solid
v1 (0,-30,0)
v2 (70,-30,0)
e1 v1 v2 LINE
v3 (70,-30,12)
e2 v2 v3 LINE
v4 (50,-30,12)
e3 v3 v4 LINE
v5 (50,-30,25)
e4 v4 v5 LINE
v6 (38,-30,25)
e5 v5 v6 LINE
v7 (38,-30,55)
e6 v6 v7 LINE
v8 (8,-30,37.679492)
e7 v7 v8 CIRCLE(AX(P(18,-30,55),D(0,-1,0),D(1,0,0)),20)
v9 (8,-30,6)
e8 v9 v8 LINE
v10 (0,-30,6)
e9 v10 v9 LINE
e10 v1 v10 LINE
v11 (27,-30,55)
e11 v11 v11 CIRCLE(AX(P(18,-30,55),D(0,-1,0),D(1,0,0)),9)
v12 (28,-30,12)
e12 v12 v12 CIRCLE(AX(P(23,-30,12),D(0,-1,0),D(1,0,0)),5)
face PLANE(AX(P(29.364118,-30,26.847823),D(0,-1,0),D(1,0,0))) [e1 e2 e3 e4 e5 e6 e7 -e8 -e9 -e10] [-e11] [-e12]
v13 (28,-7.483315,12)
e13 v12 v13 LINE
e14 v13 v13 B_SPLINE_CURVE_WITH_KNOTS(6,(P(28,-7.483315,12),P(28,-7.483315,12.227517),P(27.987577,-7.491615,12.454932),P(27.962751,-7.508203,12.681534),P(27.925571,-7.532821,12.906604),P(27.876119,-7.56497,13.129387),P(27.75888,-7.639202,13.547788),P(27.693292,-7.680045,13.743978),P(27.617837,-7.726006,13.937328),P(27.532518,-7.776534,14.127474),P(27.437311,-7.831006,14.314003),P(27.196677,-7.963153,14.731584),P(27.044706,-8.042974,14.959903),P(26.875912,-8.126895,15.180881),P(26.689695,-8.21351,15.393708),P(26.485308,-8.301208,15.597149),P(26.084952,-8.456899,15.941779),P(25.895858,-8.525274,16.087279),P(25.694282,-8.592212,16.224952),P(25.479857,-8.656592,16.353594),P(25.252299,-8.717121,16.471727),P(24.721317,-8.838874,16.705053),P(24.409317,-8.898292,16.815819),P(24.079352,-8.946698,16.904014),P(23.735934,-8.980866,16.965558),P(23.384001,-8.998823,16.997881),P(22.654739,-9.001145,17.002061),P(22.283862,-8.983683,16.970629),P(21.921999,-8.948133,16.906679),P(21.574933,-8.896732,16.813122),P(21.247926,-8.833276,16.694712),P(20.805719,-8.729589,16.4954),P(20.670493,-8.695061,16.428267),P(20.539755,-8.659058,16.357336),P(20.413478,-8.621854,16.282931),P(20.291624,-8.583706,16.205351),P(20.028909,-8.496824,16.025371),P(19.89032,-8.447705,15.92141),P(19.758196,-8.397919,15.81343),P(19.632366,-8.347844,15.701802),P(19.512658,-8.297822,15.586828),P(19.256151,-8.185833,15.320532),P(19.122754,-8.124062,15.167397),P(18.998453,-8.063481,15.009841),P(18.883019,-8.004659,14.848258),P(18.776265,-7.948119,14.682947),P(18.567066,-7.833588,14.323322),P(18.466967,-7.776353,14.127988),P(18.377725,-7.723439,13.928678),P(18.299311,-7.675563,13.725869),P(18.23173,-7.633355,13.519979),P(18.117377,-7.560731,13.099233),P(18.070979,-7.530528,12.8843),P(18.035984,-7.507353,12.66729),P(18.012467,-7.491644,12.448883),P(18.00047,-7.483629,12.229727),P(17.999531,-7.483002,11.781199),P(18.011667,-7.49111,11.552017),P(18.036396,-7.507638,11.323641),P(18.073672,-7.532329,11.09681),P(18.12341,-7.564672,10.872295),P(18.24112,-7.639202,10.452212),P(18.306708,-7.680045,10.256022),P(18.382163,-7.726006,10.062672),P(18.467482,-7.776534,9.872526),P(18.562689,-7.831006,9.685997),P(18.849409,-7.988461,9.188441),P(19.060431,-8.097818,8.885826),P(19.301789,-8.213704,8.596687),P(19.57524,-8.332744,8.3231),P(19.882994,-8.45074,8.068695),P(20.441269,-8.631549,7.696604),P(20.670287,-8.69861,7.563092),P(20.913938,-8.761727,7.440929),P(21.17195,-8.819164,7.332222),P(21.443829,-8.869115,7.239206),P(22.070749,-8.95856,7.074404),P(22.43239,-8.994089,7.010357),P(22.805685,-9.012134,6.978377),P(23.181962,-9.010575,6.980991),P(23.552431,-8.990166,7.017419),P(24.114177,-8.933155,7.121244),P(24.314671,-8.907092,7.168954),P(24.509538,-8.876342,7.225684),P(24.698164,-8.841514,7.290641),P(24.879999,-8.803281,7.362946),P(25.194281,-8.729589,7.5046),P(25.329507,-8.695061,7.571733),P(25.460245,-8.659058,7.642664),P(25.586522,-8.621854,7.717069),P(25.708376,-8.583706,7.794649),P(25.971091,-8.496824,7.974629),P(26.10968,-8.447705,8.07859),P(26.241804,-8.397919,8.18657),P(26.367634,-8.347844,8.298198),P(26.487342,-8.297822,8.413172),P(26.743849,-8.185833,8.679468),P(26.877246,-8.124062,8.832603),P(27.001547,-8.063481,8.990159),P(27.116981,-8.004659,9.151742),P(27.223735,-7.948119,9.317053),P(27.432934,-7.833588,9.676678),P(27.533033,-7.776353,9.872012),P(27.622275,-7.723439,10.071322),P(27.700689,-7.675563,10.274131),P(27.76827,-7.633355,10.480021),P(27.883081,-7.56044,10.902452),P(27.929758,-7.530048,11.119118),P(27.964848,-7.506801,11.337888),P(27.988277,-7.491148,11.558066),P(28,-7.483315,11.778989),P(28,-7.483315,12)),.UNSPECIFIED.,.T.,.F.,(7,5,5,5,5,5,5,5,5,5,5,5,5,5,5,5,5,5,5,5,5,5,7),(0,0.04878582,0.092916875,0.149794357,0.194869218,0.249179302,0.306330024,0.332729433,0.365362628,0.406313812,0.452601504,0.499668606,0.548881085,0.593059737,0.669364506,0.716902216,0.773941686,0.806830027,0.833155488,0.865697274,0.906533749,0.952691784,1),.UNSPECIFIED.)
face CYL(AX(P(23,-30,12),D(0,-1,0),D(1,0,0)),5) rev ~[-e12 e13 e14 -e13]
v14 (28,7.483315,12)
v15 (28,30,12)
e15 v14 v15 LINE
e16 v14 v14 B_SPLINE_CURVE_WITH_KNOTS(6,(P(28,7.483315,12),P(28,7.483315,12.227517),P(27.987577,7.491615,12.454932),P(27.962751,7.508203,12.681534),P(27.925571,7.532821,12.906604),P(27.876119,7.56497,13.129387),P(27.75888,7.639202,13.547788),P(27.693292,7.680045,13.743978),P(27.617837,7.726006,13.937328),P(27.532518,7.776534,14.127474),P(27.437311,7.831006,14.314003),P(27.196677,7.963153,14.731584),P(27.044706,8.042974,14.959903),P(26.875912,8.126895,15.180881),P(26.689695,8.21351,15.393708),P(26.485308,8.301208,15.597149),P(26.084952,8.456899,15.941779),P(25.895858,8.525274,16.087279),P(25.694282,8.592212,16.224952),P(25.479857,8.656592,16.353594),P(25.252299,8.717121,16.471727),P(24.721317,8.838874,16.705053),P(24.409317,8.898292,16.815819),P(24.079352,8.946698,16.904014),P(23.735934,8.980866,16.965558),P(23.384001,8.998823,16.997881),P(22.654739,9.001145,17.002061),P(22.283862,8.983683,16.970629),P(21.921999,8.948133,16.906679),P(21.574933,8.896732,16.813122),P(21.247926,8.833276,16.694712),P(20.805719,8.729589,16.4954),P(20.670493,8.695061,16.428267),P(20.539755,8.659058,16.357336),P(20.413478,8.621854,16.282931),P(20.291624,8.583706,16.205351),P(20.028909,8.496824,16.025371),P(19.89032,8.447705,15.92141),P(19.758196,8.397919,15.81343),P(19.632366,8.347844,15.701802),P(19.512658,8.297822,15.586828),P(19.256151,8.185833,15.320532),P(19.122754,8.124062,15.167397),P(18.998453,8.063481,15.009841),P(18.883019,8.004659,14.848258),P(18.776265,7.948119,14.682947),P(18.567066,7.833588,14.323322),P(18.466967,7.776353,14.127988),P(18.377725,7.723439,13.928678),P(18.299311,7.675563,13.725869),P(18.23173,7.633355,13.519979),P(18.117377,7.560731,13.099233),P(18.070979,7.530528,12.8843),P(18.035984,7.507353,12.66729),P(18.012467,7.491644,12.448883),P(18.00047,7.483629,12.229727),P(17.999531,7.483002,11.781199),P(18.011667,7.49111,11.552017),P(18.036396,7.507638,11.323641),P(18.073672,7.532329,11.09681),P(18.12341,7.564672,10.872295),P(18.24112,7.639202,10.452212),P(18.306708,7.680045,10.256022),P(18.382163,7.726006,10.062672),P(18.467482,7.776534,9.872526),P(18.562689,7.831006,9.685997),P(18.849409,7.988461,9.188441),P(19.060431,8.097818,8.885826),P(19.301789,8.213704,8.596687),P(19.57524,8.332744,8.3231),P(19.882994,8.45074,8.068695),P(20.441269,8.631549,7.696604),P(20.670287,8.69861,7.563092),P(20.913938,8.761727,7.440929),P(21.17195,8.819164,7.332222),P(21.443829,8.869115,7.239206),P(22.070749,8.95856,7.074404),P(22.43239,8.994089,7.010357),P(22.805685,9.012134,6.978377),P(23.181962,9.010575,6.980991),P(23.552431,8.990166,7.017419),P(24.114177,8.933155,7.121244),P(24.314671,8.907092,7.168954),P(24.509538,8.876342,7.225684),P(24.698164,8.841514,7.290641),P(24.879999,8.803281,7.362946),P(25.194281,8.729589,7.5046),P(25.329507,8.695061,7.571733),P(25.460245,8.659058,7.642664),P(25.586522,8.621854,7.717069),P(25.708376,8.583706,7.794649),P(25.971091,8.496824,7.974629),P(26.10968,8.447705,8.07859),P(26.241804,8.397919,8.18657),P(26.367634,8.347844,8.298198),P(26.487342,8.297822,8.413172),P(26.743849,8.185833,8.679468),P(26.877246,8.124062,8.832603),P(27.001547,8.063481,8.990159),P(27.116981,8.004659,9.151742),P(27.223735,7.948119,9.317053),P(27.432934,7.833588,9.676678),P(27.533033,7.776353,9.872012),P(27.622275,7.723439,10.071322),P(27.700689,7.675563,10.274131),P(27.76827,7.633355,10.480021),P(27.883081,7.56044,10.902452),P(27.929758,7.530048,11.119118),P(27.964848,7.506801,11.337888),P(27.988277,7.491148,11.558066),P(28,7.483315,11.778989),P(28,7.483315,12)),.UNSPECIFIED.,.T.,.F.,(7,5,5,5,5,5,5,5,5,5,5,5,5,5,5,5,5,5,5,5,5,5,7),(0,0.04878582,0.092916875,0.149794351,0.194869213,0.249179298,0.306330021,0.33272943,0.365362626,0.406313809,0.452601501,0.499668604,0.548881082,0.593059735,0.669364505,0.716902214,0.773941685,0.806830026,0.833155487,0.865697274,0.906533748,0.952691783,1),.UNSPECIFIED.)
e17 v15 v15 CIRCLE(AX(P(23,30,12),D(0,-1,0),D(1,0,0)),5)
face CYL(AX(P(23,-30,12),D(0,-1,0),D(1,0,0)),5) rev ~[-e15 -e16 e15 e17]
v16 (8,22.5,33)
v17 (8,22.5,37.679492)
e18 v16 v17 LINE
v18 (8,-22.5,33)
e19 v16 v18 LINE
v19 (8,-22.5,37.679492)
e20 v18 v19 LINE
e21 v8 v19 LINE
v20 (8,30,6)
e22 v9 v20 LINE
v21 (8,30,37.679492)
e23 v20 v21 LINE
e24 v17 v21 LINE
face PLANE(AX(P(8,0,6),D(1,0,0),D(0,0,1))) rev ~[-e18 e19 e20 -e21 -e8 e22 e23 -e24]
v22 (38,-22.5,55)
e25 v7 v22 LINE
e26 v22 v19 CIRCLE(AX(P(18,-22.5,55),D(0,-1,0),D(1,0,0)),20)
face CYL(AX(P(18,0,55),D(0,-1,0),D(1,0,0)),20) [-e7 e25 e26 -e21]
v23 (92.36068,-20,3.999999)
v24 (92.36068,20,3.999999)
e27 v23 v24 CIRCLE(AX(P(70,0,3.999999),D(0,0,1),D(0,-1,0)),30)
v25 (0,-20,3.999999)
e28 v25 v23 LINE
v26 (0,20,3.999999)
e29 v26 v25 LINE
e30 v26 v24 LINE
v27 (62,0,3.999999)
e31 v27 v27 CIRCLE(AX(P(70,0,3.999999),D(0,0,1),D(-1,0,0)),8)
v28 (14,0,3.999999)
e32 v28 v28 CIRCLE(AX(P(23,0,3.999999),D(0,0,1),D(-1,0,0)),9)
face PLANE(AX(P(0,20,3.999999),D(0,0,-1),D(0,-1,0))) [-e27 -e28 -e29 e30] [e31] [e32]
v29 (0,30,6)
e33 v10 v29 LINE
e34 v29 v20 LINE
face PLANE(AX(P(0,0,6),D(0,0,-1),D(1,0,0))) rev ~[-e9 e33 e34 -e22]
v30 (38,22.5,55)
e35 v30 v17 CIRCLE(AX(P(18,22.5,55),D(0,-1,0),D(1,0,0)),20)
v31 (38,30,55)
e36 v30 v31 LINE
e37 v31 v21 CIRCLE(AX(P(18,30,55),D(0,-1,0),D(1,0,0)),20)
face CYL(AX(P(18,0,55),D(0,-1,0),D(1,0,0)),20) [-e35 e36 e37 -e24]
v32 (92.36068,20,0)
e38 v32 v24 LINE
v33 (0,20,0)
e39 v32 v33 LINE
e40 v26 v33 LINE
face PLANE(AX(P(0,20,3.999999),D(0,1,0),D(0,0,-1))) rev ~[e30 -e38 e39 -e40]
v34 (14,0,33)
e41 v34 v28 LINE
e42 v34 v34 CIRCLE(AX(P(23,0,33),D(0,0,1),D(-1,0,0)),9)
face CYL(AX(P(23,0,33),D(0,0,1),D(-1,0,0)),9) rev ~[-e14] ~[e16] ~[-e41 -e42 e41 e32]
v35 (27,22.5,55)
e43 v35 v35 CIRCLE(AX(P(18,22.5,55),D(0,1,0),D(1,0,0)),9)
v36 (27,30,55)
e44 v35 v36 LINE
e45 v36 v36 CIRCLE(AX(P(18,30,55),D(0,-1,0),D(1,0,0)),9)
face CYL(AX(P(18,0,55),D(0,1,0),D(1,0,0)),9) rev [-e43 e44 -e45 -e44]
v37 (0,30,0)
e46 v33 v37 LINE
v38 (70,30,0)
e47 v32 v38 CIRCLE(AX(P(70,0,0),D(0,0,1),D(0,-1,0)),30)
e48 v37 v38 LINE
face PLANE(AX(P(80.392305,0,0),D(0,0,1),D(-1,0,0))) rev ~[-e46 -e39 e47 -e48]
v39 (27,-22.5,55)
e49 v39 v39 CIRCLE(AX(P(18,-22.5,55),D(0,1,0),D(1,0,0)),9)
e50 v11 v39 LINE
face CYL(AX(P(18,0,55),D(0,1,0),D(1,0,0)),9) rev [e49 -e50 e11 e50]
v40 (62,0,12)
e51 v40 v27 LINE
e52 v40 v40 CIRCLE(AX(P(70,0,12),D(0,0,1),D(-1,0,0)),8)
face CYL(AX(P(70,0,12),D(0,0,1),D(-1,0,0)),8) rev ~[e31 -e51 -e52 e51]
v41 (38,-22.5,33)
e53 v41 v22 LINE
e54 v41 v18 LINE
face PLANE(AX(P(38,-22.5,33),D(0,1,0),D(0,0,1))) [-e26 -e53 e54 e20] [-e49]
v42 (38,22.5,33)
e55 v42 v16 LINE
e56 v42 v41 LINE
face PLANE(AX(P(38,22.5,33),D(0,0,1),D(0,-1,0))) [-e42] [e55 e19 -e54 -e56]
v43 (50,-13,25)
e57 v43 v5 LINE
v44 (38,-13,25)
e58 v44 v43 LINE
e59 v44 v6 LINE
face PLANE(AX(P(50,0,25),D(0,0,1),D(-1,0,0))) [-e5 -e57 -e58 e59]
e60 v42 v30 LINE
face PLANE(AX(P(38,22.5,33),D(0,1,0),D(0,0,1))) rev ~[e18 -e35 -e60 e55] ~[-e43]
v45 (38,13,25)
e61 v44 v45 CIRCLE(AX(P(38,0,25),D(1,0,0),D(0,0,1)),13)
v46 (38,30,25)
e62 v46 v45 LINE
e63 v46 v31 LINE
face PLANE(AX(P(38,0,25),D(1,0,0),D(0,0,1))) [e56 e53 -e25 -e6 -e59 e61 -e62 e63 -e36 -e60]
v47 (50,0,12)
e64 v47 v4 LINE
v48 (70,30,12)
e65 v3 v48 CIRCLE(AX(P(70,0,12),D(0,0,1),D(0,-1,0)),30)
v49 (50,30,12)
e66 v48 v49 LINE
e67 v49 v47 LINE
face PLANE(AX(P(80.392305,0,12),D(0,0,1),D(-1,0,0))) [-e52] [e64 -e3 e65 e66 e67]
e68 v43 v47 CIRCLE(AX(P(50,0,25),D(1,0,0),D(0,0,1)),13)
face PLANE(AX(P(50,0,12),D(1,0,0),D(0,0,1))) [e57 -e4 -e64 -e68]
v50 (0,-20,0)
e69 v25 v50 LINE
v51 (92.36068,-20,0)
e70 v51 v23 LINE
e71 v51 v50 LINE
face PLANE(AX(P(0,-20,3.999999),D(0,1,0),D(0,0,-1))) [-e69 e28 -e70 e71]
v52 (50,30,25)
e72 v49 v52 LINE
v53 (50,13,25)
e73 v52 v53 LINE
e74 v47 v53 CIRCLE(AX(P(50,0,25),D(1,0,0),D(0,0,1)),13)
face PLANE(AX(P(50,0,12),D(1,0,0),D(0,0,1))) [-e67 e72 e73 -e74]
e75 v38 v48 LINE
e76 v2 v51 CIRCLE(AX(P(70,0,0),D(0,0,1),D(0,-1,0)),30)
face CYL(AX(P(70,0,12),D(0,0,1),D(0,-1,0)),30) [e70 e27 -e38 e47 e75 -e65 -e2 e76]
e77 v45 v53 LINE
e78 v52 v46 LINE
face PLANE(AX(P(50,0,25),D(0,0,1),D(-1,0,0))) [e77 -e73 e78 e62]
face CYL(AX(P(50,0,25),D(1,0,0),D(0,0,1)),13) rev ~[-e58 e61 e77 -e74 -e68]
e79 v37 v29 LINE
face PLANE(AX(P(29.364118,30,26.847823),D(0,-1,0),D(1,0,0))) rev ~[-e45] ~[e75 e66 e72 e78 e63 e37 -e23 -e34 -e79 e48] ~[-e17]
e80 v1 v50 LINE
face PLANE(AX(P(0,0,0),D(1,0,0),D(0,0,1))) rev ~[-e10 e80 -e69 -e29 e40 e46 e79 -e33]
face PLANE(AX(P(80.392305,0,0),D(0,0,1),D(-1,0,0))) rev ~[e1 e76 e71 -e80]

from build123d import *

# Parameters (mm, degrees)
SKETCH_R        = 9
PAD_DEPTH       = 30
SKETCH001_W     = 55.131706
SKETCH001_H     = 45
POCKET_DEPTH    = 40.001
SKETCH002_R     = 5
POCKET001_DEPTH = 60.001
SKETCH003_R     = 9
POCKET002_DEPTH = 33.001
PAD001_DEPTH    = 12
SKETCH005_W     = 9.754251
SKETCH005_H     = 40
POCKET003_DEPTH = 100.001
SKETCH006_R     = 13
POCKET004_DEPTH = 12
SKETCH007_R     = 8
POCKET005_DEPTH = 12.001


with BuildPart() as part:
    # Sketch → Pad (new body, symmetric)
    with BuildSketch(Plane.XZ):
        with BuildLine():
            Line((0, 0), (70, 0))
            Line((70, 0), (70, 12))
            Line((70, 12), (50, 12))
            Line((50, 12), (50, 25))
            Line((50, 25), (38, 25))
            Line((38, 25), (38, 55))
            ThreePointArc((38, 55), (8, 72.320508), (8, 37.679492))
            Line((8, 6), (8, 37.679492))
            Line((0, 6), (8, 6))
            Line((0, 0), (0, 6))
        make_face()
        with Locations((18, 55)):
            Circle(SKETCH_R, mode=Mode.SUBTRACT)
    extrude(amount=PAD_DEPTH, both=True)

    # Sketch001 → Pocket (cut, through all)
    with BuildSketch(Plane(origin=(38, 0, 0), x_dir=(0, 0, 1), z_dir=(1, 0, 0))):
        with Locations((60.565853, 0)):
            Rectangle(SKETCH001_W, SKETCH001_H)
    extrude(amount=-POCKET_DEPTH, mode=Mode.SUBTRACT)

    # Sketch002 → Pocket001 (cut, through all)
    with BuildSketch(Plane.XZ.offset(30)):
        with Locations((23, 12)):
            Circle(SKETCH002_R)
    extrude(amount=-POCKET001_DEPTH, mode=Mode.SUBTRACT)

    # Sketch003 → Pocket002 (cut, through all)
    with BuildSketch(Plane(origin=(0, 0, 33), x_dir=(-1, 0, 0), z_dir=(0, 0, 1))):
        with Locations((-23, 0)):
            Circle(SKETCH003_R)
    extrude(amount=-POCKET002_DEPTH, mode=Mode.SUBTRACT)

    # Sketch004 → Pad001 (new body)
    with BuildSketch(Plane(origin=(0, 0, 12), x_dir=(-1, 0, 0), z_dir=(0, 0, 1))):
        with BuildLine():
            ThreePointArc((-70, 30), (-100, 0), (-70, -30))
            Line((-70, 30), (-70, -30))
        make_face()
    extrude(amount=-PAD001_DEPTH)

    # Sketch005 → Pocket003 (cut, through all)
    with BuildSketch(Plane(origin=(0, 0, 0), x_dir=(0, 0, -1), z_dir=(-1, 0, 0))):
        with Locations((0.877126, 0)):
            Rectangle(SKETCH005_W, SKETCH005_H)
    extrude(amount=-POCKET003_DEPTH, mode=Mode.SUBTRACT)

    # Sketch006 → Pocket004 (cut)
    with BuildSketch(Plane(origin=(50, 0, 0), x_dir=(0, 0, 1), z_dir=(1, 0, 0))):
        with Locations((25, 0)):
            Circle(SKETCH006_R)
    extrude(amount=-POCKET004_DEPTH, mode=Mode.SUBTRACT)

    # Sketch007 → Pocket005 (cut, through all)
    with BuildSketch(Plane(origin=(0, 0, 12), x_dir=(-1, 0, 0), z_dir=(0, 0, 1))):
        with Locations((-70, 0)):
            Circle(SKETCH007_R)
    extrude(amount=-POCKET005_DEPTH, mode=Mode.SUBTRACT)


solid = part.part
